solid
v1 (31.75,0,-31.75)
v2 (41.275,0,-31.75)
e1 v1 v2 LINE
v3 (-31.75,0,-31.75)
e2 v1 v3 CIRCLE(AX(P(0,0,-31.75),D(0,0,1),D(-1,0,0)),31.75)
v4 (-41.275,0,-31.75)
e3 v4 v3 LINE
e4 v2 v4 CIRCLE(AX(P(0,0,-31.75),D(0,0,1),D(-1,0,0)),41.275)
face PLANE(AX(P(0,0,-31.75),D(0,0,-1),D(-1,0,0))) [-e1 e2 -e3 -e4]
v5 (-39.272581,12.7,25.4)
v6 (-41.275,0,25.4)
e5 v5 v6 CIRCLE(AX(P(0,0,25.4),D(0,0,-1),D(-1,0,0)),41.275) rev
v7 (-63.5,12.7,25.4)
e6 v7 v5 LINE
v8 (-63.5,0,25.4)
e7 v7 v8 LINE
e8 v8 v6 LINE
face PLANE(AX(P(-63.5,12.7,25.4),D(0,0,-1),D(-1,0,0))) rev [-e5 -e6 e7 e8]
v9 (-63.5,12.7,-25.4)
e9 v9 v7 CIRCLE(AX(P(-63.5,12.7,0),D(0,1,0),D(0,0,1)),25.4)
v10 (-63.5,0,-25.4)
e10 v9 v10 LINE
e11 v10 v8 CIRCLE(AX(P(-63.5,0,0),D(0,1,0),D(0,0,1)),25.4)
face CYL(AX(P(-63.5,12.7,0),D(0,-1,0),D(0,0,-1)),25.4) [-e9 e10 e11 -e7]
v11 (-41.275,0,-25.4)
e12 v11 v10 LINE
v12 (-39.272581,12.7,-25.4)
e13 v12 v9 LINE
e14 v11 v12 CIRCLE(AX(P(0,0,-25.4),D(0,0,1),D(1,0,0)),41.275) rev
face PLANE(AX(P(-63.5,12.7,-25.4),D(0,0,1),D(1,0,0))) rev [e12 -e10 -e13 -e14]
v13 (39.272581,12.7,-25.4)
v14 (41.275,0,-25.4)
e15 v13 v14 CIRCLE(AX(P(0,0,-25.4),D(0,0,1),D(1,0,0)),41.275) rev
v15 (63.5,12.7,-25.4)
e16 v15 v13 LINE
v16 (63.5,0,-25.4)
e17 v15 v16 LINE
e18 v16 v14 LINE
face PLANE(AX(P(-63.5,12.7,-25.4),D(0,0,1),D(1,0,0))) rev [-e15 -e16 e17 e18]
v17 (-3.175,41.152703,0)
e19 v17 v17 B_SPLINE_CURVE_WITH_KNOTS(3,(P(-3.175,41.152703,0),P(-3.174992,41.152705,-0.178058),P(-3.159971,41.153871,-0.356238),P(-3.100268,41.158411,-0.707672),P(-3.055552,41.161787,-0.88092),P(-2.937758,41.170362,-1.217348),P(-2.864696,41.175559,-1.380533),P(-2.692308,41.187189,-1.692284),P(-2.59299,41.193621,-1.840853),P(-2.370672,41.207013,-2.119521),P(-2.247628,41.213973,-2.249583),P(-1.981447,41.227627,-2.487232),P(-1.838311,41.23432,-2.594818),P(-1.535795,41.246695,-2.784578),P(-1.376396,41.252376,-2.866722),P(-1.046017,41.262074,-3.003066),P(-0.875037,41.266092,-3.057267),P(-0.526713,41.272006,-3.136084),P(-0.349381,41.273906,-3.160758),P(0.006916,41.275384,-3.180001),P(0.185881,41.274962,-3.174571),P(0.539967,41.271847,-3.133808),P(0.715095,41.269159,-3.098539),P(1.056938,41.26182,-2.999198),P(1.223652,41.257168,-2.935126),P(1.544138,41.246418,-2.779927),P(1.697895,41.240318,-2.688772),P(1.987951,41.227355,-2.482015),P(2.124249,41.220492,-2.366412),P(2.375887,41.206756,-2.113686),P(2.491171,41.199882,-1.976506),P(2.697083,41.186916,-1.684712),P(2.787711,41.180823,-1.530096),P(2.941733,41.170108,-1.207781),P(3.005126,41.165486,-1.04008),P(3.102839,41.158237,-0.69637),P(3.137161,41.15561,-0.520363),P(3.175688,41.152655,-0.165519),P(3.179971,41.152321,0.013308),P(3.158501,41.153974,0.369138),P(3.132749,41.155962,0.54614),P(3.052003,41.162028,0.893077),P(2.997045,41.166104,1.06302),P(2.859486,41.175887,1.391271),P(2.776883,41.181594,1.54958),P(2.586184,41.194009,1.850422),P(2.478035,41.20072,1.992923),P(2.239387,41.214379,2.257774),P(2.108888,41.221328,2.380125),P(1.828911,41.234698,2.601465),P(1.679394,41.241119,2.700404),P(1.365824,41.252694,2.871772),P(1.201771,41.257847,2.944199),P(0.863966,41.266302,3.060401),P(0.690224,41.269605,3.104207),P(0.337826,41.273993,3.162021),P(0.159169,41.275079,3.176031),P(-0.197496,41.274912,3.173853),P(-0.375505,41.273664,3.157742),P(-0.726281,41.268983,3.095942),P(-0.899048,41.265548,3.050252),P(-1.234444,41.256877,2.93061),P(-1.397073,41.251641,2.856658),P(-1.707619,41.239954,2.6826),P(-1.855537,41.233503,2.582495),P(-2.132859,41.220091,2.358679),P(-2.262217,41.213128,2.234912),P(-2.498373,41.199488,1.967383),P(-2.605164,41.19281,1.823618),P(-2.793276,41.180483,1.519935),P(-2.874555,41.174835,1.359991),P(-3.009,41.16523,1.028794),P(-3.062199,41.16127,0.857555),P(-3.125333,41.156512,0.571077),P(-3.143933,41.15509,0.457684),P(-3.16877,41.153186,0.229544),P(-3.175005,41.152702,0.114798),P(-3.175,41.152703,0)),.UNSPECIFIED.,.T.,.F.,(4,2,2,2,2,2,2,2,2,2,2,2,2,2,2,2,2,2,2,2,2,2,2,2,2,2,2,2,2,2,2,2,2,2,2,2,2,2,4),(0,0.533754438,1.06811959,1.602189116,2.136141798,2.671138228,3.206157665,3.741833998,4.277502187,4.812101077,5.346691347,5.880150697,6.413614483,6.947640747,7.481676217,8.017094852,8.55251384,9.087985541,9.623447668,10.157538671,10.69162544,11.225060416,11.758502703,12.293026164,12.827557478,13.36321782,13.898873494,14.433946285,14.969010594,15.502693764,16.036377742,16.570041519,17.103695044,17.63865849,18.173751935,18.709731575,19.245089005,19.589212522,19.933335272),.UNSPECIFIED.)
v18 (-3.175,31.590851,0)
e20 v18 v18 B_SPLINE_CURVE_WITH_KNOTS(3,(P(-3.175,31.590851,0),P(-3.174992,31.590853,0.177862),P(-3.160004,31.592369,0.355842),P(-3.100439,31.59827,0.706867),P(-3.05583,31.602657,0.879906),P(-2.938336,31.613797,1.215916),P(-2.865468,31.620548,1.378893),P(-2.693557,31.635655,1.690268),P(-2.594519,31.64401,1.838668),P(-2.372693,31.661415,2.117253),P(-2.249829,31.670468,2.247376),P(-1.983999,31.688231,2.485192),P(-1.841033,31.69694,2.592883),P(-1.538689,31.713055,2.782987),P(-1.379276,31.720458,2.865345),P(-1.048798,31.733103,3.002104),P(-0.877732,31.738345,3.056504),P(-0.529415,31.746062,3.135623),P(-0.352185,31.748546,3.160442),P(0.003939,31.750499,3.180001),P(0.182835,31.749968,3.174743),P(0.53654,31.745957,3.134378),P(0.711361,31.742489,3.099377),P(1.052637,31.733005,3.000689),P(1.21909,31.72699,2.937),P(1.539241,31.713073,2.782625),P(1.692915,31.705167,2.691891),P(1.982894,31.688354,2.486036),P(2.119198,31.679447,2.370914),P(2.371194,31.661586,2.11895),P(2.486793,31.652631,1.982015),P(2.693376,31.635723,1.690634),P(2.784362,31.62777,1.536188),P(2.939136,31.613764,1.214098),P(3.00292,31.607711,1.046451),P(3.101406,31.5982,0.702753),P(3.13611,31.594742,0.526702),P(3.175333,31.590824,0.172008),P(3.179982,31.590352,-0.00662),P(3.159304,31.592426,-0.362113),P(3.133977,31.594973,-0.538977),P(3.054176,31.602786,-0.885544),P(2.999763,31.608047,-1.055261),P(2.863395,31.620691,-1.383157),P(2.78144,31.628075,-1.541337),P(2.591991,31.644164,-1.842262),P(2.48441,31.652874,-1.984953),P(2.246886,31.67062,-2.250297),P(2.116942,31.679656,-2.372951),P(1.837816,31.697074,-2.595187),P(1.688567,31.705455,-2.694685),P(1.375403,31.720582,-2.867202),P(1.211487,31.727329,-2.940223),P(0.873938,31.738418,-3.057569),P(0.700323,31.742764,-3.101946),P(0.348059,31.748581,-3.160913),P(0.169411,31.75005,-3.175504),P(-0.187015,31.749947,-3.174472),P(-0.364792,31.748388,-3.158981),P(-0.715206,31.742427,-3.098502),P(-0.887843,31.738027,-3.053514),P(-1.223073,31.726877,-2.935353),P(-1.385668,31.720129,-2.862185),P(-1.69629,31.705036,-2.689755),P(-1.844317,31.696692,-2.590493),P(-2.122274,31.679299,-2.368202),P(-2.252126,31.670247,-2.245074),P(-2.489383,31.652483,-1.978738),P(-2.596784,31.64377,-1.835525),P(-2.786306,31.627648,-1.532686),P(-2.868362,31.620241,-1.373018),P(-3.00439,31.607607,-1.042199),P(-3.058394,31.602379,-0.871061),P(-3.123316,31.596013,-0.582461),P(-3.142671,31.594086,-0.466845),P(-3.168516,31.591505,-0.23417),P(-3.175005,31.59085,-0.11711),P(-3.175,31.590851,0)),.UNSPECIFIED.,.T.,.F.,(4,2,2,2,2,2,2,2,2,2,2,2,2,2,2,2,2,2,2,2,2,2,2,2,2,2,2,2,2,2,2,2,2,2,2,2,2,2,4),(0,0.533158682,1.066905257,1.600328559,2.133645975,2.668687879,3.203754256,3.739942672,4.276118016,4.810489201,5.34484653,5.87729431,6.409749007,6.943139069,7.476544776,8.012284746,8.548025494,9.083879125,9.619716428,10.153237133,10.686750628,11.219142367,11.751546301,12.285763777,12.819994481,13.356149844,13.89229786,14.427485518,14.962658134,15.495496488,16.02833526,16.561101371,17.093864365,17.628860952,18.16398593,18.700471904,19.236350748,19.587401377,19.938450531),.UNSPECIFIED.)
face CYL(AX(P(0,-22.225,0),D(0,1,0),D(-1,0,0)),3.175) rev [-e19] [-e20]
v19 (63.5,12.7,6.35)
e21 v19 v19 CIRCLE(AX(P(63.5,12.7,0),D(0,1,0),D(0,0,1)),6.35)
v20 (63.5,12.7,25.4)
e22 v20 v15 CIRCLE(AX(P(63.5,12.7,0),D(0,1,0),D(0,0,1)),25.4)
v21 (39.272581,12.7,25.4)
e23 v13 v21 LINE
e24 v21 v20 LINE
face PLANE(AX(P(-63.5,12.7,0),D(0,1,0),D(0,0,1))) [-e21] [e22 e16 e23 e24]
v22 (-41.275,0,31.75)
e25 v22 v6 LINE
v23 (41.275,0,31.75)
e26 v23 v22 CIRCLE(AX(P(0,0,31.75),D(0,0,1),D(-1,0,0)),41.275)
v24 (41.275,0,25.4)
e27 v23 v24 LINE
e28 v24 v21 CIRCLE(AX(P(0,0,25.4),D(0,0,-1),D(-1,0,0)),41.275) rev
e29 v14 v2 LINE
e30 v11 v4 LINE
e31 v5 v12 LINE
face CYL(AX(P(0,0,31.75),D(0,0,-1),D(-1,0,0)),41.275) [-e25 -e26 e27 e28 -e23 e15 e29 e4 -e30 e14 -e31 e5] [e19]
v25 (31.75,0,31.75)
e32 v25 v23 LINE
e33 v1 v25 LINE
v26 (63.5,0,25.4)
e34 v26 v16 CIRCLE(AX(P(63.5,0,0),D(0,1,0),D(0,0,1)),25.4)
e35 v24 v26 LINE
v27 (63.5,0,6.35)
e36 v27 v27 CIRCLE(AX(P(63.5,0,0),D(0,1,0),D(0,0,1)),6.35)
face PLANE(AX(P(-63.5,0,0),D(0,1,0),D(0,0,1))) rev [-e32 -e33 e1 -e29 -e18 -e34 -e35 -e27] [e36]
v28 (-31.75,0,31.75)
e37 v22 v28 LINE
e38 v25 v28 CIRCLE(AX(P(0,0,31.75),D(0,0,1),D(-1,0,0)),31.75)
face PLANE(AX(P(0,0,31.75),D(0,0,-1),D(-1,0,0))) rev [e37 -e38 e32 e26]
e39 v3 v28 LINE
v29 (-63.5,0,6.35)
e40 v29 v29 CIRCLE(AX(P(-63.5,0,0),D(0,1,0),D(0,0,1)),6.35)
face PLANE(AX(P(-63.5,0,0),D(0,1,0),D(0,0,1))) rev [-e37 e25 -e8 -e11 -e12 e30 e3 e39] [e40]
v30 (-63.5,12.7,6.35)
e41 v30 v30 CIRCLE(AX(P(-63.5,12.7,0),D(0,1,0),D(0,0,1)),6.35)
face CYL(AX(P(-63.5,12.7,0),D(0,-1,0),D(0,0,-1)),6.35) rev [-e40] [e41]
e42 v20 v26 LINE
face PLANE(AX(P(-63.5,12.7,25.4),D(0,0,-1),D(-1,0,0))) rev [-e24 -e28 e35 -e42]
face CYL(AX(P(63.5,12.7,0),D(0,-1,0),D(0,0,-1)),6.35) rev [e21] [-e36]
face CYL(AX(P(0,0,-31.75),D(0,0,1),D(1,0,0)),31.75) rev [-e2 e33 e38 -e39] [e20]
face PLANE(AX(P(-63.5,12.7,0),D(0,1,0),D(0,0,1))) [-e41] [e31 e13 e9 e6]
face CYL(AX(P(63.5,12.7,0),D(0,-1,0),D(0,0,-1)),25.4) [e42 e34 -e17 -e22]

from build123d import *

# Parameters (mm, degrees)
SKETCH5_R           = 6.35
BOSS_EXTRUDE2_DEPTH = 12.7
BOSS_EXTRUDE3_DEPTH = 31.75
CUT_EXTRUDE1_DEPTH  = 63.5
SKETCH10_R          = 3.175
CUT_EXTRUDE2_DEPTH  = 63.5


with BuildPart() as part:
    # Sketch5 → Boss-Extrude2 (new body)
    with BuildSketch(Plane(origin=(0, 0, 0), x_dir=(1, 0, 0), z_dir=(0, 1, 0))):
        with BuildLine():
            Line((-63.5, 25.4), (63.5, 25.4))
            ThreePointArc((63.5, 25.4), (88.9, 0), (63.5, -25.4))
            Line((63.5, -25.4), (-63.5, -25.4))
            ThreePointArc((-63.5, -25.4), (-88.9, 0), (-63.5, 25.4))
        make_face()
        with Locations((-63.5, 0)):
            Circle(SKETCH5_R, mode=Mode.SUBTRACT)
        with Locations((63.5, 0)):
            Circle(SKETCH5_R, mode=Mode.SUBTRACT)
    extrude(amount=BOSS_EXTRUDE2_DEPTH)

    # Sketch6 → Boss-Extrude3 (add, symmetric)
    with BuildSketch(Plane.XY):
        with BuildLine():
            Line((-41.275, 0), (41.275, 0))
            ThreePointArc((41.275, 0), (0, 41.275), (-41.275, 0))
        make_face()
    extrude(amount=BOSS_EXTRUDE3_DEPTH, both=True)

    # Sketch7 → Cut-Extrude1 (cut)
    with BuildSketch(Plane.XY.offset(31.75)):
        with BuildLine():
            Line((-31.75, 0), (31.75, 0))
            ThreePointArc((31.75, 0), (0, 31.75), (-31.75, 0))
        make_face()
    extrude(amount=-CUT_EXTRUDE1_DEPTH, mode=Mode.SUBTRACT)

    # Sketch10 → Cut-Extrude2 (cut)
    with BuildSketch(Plane(origin=(0, 41.275, 0), x_dir=(1, 0, 0), z_dir=(0, 1, 0))):
        Circle(SKETCH10_R)
    extrude(amount=-CUT_EXTRUDE2_DEPTH, mode=Mode.SUBTRACT)


solid = part.part
